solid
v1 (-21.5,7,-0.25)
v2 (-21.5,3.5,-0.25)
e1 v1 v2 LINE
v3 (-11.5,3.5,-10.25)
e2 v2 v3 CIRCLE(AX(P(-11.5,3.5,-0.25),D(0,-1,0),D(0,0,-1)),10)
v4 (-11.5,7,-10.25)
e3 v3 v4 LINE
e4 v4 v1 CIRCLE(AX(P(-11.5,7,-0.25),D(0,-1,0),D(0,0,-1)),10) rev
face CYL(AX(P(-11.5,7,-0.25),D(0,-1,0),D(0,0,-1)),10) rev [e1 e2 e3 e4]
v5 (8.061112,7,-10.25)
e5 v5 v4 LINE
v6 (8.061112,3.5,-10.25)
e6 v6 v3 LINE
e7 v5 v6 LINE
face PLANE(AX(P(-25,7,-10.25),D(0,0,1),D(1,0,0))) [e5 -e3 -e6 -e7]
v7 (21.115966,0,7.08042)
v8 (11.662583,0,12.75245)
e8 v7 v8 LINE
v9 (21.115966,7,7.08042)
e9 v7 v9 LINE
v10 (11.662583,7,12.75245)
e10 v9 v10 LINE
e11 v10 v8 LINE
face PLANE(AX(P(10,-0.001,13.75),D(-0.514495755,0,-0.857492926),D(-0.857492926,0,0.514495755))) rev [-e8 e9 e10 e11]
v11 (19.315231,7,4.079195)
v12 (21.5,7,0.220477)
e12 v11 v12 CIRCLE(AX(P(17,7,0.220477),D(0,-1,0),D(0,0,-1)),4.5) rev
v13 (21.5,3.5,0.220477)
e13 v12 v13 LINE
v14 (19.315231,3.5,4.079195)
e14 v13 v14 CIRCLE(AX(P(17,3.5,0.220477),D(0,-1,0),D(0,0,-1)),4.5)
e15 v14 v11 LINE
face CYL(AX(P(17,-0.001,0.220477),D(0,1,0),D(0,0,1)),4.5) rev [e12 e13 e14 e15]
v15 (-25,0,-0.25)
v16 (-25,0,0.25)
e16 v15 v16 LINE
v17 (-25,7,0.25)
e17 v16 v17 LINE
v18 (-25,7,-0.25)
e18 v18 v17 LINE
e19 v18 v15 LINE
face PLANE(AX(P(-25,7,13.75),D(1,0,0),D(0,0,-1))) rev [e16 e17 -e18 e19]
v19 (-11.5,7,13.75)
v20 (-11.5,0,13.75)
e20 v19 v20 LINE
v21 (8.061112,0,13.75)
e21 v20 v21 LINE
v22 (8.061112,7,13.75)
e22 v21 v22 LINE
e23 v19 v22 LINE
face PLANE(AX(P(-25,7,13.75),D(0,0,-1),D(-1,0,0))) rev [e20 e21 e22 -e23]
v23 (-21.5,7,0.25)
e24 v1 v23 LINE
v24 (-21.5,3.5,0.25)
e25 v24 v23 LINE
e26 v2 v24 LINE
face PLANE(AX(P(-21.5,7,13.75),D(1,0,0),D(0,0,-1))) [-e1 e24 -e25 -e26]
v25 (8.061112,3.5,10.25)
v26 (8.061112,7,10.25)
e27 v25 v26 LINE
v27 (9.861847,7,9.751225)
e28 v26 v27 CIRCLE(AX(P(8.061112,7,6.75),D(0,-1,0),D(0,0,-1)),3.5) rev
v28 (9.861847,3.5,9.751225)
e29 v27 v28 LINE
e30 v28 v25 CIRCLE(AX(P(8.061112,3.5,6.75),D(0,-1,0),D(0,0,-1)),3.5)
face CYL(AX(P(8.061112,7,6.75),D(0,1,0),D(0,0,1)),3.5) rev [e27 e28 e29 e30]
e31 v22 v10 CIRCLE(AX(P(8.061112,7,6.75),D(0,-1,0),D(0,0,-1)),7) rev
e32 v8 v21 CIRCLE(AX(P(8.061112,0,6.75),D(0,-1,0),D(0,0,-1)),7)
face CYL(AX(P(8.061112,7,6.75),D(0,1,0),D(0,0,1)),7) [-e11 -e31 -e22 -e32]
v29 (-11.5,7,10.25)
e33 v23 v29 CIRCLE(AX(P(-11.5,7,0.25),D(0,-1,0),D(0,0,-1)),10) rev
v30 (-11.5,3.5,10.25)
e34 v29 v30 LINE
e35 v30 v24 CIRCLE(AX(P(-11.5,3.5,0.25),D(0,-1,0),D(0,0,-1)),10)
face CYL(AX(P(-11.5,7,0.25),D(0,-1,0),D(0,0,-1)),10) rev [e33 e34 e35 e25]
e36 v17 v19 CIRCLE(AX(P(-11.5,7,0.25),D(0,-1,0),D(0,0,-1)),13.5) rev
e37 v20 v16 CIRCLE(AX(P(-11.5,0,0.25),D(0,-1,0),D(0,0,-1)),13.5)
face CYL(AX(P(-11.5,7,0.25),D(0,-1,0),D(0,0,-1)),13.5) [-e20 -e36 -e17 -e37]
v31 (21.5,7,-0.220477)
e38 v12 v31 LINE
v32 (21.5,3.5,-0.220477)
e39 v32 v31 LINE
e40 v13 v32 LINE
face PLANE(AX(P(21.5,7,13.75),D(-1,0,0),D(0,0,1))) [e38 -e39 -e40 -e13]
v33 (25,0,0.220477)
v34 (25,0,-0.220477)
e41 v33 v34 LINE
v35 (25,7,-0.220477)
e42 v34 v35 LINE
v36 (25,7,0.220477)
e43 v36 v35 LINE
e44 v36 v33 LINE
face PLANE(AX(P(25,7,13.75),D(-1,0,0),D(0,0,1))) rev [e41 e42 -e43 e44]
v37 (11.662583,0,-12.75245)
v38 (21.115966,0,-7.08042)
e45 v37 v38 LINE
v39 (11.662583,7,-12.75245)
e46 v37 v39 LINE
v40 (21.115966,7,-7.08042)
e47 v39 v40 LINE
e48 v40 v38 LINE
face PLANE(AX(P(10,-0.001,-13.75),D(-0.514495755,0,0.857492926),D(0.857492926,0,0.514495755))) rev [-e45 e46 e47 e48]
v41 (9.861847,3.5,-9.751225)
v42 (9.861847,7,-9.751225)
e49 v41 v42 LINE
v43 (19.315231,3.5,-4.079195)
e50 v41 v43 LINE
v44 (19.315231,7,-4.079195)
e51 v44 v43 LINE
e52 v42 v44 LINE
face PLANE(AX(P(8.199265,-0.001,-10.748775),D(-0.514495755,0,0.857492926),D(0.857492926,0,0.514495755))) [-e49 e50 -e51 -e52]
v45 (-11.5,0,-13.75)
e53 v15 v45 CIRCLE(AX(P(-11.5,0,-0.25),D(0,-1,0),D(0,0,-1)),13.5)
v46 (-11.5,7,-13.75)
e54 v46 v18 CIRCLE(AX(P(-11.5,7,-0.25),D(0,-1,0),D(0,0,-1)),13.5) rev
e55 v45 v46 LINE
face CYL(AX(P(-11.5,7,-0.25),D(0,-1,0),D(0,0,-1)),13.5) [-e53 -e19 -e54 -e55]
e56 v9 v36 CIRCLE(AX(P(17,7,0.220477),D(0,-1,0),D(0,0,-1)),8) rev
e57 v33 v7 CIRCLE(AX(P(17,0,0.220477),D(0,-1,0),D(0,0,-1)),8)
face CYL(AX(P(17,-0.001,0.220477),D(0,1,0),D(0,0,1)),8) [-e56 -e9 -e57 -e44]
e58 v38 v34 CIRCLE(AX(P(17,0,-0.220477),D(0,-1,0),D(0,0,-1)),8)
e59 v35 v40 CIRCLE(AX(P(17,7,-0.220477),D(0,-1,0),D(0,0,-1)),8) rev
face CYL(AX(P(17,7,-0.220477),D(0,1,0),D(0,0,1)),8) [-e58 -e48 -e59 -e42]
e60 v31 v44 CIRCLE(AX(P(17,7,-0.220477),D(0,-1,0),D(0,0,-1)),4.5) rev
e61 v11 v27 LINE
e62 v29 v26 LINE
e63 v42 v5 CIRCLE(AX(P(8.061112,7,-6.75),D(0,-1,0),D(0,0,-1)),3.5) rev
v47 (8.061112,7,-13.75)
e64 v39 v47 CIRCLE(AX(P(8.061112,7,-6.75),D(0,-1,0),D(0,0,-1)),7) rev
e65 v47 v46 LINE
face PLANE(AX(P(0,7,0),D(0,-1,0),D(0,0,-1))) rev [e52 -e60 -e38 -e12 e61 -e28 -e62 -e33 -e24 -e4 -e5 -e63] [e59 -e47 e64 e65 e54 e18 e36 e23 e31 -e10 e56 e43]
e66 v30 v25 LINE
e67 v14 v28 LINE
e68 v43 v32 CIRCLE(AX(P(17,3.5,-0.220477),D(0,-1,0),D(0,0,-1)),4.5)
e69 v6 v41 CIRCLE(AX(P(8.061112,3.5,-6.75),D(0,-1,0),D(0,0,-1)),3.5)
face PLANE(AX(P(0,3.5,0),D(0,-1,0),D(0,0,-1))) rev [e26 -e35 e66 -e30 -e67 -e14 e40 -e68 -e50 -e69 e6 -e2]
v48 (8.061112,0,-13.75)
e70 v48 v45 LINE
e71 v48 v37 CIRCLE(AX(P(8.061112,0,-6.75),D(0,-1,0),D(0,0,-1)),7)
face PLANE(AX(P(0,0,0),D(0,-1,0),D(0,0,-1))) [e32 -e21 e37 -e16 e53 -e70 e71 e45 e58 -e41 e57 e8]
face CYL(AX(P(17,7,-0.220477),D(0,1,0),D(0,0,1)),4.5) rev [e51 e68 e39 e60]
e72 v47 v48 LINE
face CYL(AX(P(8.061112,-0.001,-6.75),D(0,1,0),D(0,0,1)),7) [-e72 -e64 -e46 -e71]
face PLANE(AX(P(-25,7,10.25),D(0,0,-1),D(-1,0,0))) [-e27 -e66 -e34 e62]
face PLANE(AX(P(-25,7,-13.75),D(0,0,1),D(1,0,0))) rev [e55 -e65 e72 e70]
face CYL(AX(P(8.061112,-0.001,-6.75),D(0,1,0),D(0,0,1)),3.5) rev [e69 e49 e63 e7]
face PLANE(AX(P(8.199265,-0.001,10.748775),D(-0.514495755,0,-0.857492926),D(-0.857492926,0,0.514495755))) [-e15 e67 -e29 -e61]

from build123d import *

# Parameters (mm, degrees)
SKETCH1_W           = 50
SKETCH1_H           = 27.5
BOSS_EXTRUDE1_DEPTH = 7
FILLET1_R           = 13.5
CUT_EXTRUDE1_REACH  = 31.378
FILLET2_R           = 8
FILLET3_R           = 7
SHELL1_T            = -3.5


with BuildPart() as part:
    # Sketch1 → Boss-Extrude1 (new body)
    with BuildSketch(Plane(origin=(0, 0, 0), x_dir=(1, 0, 0), z_dir=(0, 1, 0))):
        Rectangle(SKETCH1_W, SKETCH1_H)
    extrude(amount=BOSS_EXTRUDE1_DEPTH)

    # Fillet1
    fillet1_edges = [part.edges().sort_by_distance(p)[0] for p in [
        (-25, 3.5, 13.75),
        (-25, 3.5, -13.75),
    ]]
    fillet(fillet1_edges, radius=FILLET1_R)

    # Sketch3 → Cut-Extrude1 (cut, up to next)
    with BuildSketch(Plane(origin=(0, 7, 0), x_dir=(1, 0, 0), z_dir=(0, 1, 0)), mode=Mode.PRIVATE) as cut_extrude1_sk1:
        Polygon((10, 13.75), (25, 4.75), (25, 13.75), align=None)
    cut_extrude1_tool1 = extrude(cut_extrude1_sk1.sketch, amount=-CUT_EXTRUDE1_REACH, mode=Mode.PRIVATE) & part.part
    # Sketch3 → Cut-Extrude1 (cut, up to next)
    with BuildSketch(Plane(origin=(0, 7, 0), x_dir=(1, 0, 0), z_dir=(0, 1, 0)), mode=Mode.PRIVATE) as cut_extrude1_sk2:
        Polygon((25, -13.75), (10, -13.75), (25, -4.75), align=None)
    cut_extrude1_tool2 = extrude(cut_extrude1_sk2.sketch, amount=-CUT_EXTRUDE1_REACH, mode=Mode.PRIVATE) & part.part
    add(cut_extrude1_tool1.solids().sort_by_distance((20, 7, -10.75))[0], mode=Mode.SUBTRACT)
    add(cut_extrude1_tool2.solids().sort_by_distance((20, 7, 10.75))[0], mode=Mode.SUBTRACT)

    # Fillet2
    fillet2_edges = [part.edges().sort_by_distance(p)[0] for p in [
        (25, 3.5, -4.75),
        (25, 3.5, 4.75),
    ]]
    fillet(fillet2_edges, radius=FILLET2_R)

    # Fillet3
    fillet3_edges = [part.edges().sort_by_distance(p)[0] for p in [
        (10, 3.5, -13.75),
        (10, 3.5, 13.75),
    ]]
    fillet(fillet3_edges, radius=FILLET3_R)

    # Shell1
    shell1_openings = [part.faces().sort_by_distance(p)[0] for p in [
        (-0.99153661, 7, 0),
    ]]
    offset(amount=SHELL1_T, openings=shell1_openings, kind=Kind.INTERSECTION)


solid = part.part
